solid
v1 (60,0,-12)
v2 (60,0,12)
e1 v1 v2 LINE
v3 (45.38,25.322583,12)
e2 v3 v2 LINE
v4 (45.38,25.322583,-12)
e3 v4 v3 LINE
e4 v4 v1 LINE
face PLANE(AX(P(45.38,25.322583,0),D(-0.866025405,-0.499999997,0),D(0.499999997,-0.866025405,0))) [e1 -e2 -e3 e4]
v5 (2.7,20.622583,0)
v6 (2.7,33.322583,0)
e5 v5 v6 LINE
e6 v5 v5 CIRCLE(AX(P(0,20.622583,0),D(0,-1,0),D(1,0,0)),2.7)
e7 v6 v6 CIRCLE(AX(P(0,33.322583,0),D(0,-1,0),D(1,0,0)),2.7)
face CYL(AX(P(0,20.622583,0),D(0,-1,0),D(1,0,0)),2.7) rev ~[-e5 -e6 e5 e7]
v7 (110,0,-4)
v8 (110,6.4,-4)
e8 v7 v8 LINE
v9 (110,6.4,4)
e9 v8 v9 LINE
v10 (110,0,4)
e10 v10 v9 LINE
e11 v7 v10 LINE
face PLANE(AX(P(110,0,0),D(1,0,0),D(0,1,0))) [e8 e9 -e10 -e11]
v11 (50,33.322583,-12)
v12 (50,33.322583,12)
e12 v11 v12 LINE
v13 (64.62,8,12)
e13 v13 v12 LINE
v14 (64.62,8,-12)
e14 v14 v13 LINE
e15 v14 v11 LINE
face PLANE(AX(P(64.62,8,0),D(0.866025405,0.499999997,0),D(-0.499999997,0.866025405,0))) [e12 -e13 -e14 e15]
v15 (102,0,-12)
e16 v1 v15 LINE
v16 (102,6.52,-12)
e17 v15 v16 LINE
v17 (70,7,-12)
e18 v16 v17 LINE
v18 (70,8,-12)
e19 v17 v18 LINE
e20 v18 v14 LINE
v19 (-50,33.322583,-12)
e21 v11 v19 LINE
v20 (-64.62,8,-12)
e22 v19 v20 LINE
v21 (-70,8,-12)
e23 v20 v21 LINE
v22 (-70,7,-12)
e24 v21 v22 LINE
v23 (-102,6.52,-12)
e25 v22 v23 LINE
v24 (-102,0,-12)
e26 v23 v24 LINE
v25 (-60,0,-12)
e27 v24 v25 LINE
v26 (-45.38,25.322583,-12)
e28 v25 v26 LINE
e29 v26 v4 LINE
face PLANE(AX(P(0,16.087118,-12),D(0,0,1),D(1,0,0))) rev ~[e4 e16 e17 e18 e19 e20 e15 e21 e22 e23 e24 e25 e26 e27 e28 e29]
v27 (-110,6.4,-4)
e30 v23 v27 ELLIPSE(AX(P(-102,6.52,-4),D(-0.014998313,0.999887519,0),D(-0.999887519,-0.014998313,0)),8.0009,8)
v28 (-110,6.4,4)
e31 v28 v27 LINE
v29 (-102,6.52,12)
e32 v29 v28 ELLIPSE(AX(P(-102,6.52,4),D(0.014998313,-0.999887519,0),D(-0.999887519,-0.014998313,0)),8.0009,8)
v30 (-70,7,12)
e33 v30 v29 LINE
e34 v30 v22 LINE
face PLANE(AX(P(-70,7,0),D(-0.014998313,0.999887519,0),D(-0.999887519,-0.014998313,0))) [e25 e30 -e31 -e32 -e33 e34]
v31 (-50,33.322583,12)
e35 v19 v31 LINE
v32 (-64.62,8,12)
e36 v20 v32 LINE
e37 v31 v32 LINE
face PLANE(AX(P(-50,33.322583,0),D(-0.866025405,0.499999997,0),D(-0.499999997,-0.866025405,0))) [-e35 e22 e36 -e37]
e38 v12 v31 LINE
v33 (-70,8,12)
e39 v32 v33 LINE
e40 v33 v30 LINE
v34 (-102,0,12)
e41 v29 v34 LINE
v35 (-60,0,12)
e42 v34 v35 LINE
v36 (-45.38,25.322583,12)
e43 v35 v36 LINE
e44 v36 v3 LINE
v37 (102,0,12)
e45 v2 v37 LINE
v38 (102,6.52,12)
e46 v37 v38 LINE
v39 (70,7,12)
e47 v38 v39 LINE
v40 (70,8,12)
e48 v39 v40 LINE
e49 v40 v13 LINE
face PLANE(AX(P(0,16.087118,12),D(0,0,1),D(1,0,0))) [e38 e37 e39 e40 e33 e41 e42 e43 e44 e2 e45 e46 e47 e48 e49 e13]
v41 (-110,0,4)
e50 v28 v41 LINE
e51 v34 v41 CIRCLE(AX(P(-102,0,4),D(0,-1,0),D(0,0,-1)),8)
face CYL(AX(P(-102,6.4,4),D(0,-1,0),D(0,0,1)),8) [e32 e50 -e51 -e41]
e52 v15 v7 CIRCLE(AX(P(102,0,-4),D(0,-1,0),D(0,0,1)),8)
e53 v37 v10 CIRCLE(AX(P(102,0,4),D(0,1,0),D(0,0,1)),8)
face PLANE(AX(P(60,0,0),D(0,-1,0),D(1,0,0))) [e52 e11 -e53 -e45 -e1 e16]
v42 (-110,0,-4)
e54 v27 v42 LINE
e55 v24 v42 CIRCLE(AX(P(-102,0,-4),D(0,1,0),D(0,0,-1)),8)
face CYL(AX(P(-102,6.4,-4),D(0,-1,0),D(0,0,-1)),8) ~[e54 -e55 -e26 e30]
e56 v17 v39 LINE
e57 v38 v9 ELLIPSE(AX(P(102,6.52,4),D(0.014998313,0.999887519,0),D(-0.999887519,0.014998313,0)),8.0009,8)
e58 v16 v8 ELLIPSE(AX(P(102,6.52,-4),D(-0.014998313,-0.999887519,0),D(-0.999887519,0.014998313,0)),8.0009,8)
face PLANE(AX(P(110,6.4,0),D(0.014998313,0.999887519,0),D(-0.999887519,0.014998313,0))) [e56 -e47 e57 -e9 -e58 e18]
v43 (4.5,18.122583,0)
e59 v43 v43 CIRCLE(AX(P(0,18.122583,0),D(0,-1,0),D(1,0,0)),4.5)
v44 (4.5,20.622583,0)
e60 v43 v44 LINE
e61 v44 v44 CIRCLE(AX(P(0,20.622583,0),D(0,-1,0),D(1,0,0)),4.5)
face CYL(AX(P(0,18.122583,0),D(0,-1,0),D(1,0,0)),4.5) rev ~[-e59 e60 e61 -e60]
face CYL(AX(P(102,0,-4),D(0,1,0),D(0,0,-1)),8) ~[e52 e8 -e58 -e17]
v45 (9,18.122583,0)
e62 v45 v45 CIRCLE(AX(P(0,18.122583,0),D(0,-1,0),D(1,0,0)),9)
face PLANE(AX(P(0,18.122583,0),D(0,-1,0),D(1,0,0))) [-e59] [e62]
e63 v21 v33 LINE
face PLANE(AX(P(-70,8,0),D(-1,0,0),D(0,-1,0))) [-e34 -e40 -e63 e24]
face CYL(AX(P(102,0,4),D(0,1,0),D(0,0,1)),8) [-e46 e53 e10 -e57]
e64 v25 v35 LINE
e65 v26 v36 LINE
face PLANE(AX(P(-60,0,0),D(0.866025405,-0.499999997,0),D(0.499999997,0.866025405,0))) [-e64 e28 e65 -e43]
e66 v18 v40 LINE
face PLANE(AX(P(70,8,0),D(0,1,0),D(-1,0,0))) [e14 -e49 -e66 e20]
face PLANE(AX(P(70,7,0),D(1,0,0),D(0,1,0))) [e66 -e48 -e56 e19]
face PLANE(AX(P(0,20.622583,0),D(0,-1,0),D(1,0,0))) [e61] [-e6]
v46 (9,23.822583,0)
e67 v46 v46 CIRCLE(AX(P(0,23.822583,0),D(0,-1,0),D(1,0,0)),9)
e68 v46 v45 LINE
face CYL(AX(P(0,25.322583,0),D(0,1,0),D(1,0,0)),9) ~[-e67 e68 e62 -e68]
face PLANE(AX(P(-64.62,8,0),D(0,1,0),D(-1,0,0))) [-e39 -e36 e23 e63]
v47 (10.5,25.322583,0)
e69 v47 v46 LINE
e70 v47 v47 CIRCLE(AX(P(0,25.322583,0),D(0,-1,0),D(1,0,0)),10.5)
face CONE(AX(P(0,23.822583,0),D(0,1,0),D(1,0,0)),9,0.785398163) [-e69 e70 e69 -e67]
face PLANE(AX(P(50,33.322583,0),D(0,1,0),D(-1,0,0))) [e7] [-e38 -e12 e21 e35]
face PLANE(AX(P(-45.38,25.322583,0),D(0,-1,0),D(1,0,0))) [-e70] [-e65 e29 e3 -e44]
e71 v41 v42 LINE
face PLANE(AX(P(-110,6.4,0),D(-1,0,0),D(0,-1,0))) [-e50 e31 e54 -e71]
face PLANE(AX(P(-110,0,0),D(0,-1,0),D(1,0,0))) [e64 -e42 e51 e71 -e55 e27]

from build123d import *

# Parameters (mm, degrees)
PAD_DEPTH       = 12
SKETCH002_R     = 9
PAD001_DEPTH    = 7.2
SKETCH003_R     = 4.5
POCKET_DEPTH    = 2.5
SKETCH004_R     = 2.7
POCKET001_DEPTH = 12.701
CHAMFER_SIZE    = 1.5
FILLET_R        = 8


with BuildPart() as part:
    # Sketch → Pad (new body, symmetric)
    with BuildSketch(Plane.XY):
        Polygon((-110, 0), (-60, 0), (-45.38, 25.322583), (45.38, 25.322583), (60, 0), (110, 0), (110, 6.4), (70, 7), (70, 8), (64.62, 8), (50, 33.322583), (-50, 33.322583), (-64.62, 8), (-70, 8), (-70, 7), (-110, 6.4), align=None)
    extrude(amount=PAD_DEPTH, both=True)

    # Sketch002 → Pad001 (join)
    with BuildSketch(Plane.XZ.offset(-25.322583)):
        Circle(SKETCH002_R)
    extrude(amount=PAD001_DEPTH)

    # Sketch003 (on Face20 of Pad001) → Pocket (cut)
    with BuildSketch(Plane.XZ.offset(-18.122583)):
        Circle(SKETCH003_R)
    extrude(amount=-POCKET_DEPTH, mode=Mode.SUBTRACT)

    # Sketch004 (on Face22 of Pocket) → Pocket001 (cut, through all)
    with BuildSketch(Plane.XZ.offset(-20.622583)):
        Circle(SKETCH004_R)
    extrude(amount=-POCKET001_DEPTH, mode=Mode.SUBTRACT)

    # Chamfer
    chamfer_edges = [part.edges().sort_by_distance(p)[0] for p in [
        (-9, 25.322583, 0),
    ]]
    chamfer(chamfer_edges, length=CHAMFER_SIZE)

    # Fillet
    fillet_edges = [part.edges().sort_by_distance(p)[0] for p in [
        (-110, 3.2, -12),
        (-110, 3.2, 12),
        (110, 3.2, -12),
        (110, 3.2, 12),
    ]]
    fillet(fillet_edges, radius=FILLET_R)


solid = part.part
